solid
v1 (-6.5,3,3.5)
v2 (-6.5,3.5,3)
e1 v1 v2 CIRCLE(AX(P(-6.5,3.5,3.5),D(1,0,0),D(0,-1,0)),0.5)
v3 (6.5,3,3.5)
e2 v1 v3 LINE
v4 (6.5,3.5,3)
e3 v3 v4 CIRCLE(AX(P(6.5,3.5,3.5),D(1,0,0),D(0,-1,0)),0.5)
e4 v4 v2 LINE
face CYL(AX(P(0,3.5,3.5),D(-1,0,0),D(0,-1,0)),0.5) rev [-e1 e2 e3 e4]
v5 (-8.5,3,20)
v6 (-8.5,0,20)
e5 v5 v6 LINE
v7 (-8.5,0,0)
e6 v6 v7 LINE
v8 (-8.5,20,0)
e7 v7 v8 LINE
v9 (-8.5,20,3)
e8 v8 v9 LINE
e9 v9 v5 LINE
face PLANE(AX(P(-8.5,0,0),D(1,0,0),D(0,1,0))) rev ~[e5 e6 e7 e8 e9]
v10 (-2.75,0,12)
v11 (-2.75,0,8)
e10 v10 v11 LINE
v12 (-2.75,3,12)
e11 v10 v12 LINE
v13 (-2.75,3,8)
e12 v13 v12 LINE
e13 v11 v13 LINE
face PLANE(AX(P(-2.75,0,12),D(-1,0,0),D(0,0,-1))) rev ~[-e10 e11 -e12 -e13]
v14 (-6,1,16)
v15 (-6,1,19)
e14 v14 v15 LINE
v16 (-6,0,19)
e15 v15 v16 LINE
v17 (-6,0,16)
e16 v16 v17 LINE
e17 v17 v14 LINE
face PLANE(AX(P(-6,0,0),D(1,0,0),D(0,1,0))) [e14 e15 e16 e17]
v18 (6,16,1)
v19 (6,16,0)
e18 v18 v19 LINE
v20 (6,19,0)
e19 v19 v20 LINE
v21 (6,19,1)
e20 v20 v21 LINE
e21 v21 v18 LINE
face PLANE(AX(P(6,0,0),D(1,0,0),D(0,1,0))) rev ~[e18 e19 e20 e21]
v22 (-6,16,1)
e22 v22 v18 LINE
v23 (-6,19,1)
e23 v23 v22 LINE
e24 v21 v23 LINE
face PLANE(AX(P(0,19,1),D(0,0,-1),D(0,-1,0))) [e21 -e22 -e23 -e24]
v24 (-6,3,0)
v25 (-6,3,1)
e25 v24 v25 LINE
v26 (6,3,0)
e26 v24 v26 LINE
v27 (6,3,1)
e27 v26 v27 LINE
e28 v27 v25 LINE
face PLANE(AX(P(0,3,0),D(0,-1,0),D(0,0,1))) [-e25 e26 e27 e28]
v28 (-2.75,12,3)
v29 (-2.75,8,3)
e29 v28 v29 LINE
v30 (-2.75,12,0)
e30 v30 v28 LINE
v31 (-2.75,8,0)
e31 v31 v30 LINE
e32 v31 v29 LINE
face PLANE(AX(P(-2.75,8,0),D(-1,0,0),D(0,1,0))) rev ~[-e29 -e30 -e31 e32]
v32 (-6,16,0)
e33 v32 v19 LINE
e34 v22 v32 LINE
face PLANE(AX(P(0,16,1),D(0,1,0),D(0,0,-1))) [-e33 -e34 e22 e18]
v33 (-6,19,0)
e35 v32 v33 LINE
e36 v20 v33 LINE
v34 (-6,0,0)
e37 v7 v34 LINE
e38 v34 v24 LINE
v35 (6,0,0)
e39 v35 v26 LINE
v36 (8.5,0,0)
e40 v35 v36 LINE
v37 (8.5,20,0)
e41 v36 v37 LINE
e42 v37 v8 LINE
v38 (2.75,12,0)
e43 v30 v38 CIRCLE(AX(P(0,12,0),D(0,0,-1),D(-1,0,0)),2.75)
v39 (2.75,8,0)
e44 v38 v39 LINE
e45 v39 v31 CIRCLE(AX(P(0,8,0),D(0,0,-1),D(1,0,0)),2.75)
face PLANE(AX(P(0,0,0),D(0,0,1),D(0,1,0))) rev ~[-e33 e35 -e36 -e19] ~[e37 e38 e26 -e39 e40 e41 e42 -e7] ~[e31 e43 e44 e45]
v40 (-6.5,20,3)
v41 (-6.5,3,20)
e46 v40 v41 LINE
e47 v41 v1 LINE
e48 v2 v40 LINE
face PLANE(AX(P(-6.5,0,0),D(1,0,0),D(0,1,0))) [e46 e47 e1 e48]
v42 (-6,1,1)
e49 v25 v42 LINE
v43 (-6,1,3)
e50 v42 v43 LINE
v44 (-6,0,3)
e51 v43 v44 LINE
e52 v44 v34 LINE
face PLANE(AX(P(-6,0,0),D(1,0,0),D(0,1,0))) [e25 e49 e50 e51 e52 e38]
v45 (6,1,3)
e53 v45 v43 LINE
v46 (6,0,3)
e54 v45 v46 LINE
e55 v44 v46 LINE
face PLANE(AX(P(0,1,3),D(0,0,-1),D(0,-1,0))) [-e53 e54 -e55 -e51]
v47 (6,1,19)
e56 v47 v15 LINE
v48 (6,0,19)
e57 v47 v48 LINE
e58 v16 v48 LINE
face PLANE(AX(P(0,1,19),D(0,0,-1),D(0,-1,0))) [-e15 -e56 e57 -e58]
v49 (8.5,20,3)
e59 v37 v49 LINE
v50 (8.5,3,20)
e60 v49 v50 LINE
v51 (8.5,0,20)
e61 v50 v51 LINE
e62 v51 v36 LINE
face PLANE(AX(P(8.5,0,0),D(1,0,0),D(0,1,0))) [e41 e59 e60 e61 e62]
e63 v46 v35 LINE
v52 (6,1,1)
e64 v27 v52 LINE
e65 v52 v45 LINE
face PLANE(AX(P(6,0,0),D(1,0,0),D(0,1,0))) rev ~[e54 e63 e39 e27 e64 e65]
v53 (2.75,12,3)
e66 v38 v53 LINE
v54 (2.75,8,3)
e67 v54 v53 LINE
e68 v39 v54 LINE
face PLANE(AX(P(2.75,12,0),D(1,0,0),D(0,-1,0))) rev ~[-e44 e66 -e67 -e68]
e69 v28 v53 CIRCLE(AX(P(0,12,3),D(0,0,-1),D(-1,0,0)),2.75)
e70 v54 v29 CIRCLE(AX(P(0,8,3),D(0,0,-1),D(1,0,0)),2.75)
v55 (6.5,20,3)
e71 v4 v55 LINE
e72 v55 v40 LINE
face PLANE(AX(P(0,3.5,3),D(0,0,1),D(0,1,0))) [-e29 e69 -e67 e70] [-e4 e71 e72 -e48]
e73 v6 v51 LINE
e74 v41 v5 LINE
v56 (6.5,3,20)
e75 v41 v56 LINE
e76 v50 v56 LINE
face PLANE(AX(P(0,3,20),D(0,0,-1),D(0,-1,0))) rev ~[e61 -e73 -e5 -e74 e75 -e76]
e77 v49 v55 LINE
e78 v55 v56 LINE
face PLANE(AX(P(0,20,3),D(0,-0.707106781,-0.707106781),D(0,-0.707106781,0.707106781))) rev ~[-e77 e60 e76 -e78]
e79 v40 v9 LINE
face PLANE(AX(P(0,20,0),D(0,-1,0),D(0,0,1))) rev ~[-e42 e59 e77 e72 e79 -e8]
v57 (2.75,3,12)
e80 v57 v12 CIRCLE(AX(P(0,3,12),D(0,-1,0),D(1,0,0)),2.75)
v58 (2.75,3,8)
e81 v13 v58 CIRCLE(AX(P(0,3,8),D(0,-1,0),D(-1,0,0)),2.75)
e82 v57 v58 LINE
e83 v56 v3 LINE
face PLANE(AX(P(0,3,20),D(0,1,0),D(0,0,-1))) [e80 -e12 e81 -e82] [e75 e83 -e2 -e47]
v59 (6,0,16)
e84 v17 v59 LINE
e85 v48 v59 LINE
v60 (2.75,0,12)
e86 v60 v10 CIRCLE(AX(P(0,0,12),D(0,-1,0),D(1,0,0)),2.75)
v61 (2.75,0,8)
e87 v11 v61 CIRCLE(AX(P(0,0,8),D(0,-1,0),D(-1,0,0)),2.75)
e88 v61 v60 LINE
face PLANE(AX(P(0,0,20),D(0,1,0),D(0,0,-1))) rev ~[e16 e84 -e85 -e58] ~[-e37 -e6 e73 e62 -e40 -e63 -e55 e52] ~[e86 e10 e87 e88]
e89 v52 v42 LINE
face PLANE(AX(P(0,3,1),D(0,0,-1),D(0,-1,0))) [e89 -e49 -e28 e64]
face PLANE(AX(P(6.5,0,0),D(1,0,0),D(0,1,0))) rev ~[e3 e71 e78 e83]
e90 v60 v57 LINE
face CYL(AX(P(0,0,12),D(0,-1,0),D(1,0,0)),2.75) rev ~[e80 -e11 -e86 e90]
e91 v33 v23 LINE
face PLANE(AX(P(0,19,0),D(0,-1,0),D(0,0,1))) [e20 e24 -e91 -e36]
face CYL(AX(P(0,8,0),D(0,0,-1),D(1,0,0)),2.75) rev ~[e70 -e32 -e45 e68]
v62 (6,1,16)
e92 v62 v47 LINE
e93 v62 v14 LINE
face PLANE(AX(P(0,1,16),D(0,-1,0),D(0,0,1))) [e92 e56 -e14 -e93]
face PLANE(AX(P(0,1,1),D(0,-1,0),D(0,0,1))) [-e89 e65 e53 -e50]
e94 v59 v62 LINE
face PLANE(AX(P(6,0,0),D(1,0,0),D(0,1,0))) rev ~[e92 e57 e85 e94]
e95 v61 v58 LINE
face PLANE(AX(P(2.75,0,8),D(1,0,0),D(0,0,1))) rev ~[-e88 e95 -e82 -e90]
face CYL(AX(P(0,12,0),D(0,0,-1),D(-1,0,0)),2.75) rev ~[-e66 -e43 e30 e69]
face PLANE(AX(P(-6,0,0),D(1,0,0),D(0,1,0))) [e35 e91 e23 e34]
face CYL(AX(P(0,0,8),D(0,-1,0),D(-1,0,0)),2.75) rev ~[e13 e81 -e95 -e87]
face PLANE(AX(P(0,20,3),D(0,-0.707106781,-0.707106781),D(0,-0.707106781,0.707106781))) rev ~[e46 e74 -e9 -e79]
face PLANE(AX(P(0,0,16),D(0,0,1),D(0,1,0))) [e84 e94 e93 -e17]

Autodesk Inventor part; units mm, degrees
ref_plane "YZ Plane" through (0, 0, 0) normal (1, 0, 0) x (0, 1, 0)
ref_plane "XZ Plane" through (0, 0, 0) normal (0, 1, 0) x (-1, 0, 0)
ref_plane "XY Plane" through (0, 0, 0) normal (0, 0, 1) x (1, 0, 0)
sketch "Sketch_1" plane through (0, 0, 0) normal (1, 0, 0) x (0, 1, 0)
  line L0 (0, 20) -> (0, 0)
  line L1 (0, 0) -> (20, 0)
  line L2 (20, 0) -> (20, 3)
  line L3 (20, 3) -> (3, 20)
  line L4 (3, 20) -> (0, 20)
  dimension "d35" = 20
  dimension "d36" = 20
  dimension "d37" = 17
  dimension "d38" = 3
extrude "Extrusion1" add sketch "Sketch_1" along normal mid plane 17
sketch "Sketch_2" plane through (0, 0, 0) normal (1, 0, 0) x (0, 1, 0)
  line L0 (3, 20) -> (3, 3.5)
  arc A0 (3, 3.5) -> (3.5, 3) centre (3.5, 3.5) ccw
  line L1 (3.5, 3) -> (20, 3)
  line L2 (20, 3) -> (3, 20)
extrude "Extrusion2" cut sketch "Sketch_2" along normal mid plane 13
sketch "Sketch_3" plane through (0, 0, 0) normal (1, 0, 0) x (0, 1, 0)
  line L0 (0, 3) -> (0, 0)
  line L1 (0, 0) -> (3, 0)
  line L2 (3, 0) -> (3, 1)
  line L3 (3, 1) -> (1, 1)
  line L4 (1, 1) -> (1, 3)
  line L5 (1, 3) -> (0, 3)
extrude "Extrusion3" cut sketch "Sketch_3" along normal mid plane 12
sketch "Sketch_4" plane through (0, 0, 0) normal (1, 0, 0) x (0, 1, 0)
  line L0 (0, 19) -> (0, 16)
  line L1 (0, 16) -> (1, 16)
  line L2 (1, 16) -> (1, 19)
  line L3 (1, 19) -> (0, 19)
extrude "Extrusion4" cut sketch "Sketch_4" along normal mid plane 12
sketch "Sketch_5" plane through (0, 0, 0) normal (1, 0, 0) x (0, 1, 0)
  line L0 (16, 1) -> (16, 0)
  line L1 (16, 0) -> (19, 0)
  line L2 (19, 0) -> (19, 1)
  line L3 (19, 1) -> (16, 1)
extrude "Extrusion5" cut sketch "Sketch_5" along normal mid plane 12
sketch "Sketch8" plane through (-8.5, 0, 20) normal (0, -1, 0) x (1, 0, 0)
  line L0 (8.5, -8) -> (8.5, -12) construction
  line L1 (5.75, -8) -> (5.75, -12)
  line L2 (11.25, -12) -> (11.25, -8)
  arc A0 (11.25, -8) -> (5.75, -8) centre (8.5, -8) ccw
  arc A1 (5.75, -12) -> (11.25, -12) centre (8.5, -12) ccw
  line L3 (14.5, -20) -> (2.5, -20) projected
  line L4 (17, 0) -> (17, -20) projected
  point P0 (8.5, -20)
  point P1 (8.5, -10)
  dimension "d23" = 2
  dimension "d24" = 5.5
  dimension "d25" = 10
  dimension "d32" = 8.5
extrude "Extrusion8" cut sketch "Sketch8" against normal through all
sketch "Sketch9" plane through (8.5, 20, 0) normal (0, 0, -1) x (-1, 0, 0)
  line L0 (8.5, -8) -> (8.5, -12) construction
  line L1 (5.75, -8) -> (5.75, -12)
  line L2 (11.25, -12) -> (11.25, -8)
  arc A0 (11.25, -8) -> (5.75, -8) centre (8.5, -8) ccw
  arc A1 (5.75, -12) -> (11.25, -12) centre (8.5, -12) ccw
  line L3 (17, -20) -> (14.5, -20) projected
  line L4 (0, -20) -> (0, 0) projected
  point P0 (8.5, -20)
  point P1 (8.5, -10)
  dimension "d28" = 2
  dimension "d29" = 5.5
  dimension "d30" = 10
  dimension "d31" = 8.5
extrude "Extrusion9" cut sketch "Sketch9" against normal through all
properties part number "14056_m"
